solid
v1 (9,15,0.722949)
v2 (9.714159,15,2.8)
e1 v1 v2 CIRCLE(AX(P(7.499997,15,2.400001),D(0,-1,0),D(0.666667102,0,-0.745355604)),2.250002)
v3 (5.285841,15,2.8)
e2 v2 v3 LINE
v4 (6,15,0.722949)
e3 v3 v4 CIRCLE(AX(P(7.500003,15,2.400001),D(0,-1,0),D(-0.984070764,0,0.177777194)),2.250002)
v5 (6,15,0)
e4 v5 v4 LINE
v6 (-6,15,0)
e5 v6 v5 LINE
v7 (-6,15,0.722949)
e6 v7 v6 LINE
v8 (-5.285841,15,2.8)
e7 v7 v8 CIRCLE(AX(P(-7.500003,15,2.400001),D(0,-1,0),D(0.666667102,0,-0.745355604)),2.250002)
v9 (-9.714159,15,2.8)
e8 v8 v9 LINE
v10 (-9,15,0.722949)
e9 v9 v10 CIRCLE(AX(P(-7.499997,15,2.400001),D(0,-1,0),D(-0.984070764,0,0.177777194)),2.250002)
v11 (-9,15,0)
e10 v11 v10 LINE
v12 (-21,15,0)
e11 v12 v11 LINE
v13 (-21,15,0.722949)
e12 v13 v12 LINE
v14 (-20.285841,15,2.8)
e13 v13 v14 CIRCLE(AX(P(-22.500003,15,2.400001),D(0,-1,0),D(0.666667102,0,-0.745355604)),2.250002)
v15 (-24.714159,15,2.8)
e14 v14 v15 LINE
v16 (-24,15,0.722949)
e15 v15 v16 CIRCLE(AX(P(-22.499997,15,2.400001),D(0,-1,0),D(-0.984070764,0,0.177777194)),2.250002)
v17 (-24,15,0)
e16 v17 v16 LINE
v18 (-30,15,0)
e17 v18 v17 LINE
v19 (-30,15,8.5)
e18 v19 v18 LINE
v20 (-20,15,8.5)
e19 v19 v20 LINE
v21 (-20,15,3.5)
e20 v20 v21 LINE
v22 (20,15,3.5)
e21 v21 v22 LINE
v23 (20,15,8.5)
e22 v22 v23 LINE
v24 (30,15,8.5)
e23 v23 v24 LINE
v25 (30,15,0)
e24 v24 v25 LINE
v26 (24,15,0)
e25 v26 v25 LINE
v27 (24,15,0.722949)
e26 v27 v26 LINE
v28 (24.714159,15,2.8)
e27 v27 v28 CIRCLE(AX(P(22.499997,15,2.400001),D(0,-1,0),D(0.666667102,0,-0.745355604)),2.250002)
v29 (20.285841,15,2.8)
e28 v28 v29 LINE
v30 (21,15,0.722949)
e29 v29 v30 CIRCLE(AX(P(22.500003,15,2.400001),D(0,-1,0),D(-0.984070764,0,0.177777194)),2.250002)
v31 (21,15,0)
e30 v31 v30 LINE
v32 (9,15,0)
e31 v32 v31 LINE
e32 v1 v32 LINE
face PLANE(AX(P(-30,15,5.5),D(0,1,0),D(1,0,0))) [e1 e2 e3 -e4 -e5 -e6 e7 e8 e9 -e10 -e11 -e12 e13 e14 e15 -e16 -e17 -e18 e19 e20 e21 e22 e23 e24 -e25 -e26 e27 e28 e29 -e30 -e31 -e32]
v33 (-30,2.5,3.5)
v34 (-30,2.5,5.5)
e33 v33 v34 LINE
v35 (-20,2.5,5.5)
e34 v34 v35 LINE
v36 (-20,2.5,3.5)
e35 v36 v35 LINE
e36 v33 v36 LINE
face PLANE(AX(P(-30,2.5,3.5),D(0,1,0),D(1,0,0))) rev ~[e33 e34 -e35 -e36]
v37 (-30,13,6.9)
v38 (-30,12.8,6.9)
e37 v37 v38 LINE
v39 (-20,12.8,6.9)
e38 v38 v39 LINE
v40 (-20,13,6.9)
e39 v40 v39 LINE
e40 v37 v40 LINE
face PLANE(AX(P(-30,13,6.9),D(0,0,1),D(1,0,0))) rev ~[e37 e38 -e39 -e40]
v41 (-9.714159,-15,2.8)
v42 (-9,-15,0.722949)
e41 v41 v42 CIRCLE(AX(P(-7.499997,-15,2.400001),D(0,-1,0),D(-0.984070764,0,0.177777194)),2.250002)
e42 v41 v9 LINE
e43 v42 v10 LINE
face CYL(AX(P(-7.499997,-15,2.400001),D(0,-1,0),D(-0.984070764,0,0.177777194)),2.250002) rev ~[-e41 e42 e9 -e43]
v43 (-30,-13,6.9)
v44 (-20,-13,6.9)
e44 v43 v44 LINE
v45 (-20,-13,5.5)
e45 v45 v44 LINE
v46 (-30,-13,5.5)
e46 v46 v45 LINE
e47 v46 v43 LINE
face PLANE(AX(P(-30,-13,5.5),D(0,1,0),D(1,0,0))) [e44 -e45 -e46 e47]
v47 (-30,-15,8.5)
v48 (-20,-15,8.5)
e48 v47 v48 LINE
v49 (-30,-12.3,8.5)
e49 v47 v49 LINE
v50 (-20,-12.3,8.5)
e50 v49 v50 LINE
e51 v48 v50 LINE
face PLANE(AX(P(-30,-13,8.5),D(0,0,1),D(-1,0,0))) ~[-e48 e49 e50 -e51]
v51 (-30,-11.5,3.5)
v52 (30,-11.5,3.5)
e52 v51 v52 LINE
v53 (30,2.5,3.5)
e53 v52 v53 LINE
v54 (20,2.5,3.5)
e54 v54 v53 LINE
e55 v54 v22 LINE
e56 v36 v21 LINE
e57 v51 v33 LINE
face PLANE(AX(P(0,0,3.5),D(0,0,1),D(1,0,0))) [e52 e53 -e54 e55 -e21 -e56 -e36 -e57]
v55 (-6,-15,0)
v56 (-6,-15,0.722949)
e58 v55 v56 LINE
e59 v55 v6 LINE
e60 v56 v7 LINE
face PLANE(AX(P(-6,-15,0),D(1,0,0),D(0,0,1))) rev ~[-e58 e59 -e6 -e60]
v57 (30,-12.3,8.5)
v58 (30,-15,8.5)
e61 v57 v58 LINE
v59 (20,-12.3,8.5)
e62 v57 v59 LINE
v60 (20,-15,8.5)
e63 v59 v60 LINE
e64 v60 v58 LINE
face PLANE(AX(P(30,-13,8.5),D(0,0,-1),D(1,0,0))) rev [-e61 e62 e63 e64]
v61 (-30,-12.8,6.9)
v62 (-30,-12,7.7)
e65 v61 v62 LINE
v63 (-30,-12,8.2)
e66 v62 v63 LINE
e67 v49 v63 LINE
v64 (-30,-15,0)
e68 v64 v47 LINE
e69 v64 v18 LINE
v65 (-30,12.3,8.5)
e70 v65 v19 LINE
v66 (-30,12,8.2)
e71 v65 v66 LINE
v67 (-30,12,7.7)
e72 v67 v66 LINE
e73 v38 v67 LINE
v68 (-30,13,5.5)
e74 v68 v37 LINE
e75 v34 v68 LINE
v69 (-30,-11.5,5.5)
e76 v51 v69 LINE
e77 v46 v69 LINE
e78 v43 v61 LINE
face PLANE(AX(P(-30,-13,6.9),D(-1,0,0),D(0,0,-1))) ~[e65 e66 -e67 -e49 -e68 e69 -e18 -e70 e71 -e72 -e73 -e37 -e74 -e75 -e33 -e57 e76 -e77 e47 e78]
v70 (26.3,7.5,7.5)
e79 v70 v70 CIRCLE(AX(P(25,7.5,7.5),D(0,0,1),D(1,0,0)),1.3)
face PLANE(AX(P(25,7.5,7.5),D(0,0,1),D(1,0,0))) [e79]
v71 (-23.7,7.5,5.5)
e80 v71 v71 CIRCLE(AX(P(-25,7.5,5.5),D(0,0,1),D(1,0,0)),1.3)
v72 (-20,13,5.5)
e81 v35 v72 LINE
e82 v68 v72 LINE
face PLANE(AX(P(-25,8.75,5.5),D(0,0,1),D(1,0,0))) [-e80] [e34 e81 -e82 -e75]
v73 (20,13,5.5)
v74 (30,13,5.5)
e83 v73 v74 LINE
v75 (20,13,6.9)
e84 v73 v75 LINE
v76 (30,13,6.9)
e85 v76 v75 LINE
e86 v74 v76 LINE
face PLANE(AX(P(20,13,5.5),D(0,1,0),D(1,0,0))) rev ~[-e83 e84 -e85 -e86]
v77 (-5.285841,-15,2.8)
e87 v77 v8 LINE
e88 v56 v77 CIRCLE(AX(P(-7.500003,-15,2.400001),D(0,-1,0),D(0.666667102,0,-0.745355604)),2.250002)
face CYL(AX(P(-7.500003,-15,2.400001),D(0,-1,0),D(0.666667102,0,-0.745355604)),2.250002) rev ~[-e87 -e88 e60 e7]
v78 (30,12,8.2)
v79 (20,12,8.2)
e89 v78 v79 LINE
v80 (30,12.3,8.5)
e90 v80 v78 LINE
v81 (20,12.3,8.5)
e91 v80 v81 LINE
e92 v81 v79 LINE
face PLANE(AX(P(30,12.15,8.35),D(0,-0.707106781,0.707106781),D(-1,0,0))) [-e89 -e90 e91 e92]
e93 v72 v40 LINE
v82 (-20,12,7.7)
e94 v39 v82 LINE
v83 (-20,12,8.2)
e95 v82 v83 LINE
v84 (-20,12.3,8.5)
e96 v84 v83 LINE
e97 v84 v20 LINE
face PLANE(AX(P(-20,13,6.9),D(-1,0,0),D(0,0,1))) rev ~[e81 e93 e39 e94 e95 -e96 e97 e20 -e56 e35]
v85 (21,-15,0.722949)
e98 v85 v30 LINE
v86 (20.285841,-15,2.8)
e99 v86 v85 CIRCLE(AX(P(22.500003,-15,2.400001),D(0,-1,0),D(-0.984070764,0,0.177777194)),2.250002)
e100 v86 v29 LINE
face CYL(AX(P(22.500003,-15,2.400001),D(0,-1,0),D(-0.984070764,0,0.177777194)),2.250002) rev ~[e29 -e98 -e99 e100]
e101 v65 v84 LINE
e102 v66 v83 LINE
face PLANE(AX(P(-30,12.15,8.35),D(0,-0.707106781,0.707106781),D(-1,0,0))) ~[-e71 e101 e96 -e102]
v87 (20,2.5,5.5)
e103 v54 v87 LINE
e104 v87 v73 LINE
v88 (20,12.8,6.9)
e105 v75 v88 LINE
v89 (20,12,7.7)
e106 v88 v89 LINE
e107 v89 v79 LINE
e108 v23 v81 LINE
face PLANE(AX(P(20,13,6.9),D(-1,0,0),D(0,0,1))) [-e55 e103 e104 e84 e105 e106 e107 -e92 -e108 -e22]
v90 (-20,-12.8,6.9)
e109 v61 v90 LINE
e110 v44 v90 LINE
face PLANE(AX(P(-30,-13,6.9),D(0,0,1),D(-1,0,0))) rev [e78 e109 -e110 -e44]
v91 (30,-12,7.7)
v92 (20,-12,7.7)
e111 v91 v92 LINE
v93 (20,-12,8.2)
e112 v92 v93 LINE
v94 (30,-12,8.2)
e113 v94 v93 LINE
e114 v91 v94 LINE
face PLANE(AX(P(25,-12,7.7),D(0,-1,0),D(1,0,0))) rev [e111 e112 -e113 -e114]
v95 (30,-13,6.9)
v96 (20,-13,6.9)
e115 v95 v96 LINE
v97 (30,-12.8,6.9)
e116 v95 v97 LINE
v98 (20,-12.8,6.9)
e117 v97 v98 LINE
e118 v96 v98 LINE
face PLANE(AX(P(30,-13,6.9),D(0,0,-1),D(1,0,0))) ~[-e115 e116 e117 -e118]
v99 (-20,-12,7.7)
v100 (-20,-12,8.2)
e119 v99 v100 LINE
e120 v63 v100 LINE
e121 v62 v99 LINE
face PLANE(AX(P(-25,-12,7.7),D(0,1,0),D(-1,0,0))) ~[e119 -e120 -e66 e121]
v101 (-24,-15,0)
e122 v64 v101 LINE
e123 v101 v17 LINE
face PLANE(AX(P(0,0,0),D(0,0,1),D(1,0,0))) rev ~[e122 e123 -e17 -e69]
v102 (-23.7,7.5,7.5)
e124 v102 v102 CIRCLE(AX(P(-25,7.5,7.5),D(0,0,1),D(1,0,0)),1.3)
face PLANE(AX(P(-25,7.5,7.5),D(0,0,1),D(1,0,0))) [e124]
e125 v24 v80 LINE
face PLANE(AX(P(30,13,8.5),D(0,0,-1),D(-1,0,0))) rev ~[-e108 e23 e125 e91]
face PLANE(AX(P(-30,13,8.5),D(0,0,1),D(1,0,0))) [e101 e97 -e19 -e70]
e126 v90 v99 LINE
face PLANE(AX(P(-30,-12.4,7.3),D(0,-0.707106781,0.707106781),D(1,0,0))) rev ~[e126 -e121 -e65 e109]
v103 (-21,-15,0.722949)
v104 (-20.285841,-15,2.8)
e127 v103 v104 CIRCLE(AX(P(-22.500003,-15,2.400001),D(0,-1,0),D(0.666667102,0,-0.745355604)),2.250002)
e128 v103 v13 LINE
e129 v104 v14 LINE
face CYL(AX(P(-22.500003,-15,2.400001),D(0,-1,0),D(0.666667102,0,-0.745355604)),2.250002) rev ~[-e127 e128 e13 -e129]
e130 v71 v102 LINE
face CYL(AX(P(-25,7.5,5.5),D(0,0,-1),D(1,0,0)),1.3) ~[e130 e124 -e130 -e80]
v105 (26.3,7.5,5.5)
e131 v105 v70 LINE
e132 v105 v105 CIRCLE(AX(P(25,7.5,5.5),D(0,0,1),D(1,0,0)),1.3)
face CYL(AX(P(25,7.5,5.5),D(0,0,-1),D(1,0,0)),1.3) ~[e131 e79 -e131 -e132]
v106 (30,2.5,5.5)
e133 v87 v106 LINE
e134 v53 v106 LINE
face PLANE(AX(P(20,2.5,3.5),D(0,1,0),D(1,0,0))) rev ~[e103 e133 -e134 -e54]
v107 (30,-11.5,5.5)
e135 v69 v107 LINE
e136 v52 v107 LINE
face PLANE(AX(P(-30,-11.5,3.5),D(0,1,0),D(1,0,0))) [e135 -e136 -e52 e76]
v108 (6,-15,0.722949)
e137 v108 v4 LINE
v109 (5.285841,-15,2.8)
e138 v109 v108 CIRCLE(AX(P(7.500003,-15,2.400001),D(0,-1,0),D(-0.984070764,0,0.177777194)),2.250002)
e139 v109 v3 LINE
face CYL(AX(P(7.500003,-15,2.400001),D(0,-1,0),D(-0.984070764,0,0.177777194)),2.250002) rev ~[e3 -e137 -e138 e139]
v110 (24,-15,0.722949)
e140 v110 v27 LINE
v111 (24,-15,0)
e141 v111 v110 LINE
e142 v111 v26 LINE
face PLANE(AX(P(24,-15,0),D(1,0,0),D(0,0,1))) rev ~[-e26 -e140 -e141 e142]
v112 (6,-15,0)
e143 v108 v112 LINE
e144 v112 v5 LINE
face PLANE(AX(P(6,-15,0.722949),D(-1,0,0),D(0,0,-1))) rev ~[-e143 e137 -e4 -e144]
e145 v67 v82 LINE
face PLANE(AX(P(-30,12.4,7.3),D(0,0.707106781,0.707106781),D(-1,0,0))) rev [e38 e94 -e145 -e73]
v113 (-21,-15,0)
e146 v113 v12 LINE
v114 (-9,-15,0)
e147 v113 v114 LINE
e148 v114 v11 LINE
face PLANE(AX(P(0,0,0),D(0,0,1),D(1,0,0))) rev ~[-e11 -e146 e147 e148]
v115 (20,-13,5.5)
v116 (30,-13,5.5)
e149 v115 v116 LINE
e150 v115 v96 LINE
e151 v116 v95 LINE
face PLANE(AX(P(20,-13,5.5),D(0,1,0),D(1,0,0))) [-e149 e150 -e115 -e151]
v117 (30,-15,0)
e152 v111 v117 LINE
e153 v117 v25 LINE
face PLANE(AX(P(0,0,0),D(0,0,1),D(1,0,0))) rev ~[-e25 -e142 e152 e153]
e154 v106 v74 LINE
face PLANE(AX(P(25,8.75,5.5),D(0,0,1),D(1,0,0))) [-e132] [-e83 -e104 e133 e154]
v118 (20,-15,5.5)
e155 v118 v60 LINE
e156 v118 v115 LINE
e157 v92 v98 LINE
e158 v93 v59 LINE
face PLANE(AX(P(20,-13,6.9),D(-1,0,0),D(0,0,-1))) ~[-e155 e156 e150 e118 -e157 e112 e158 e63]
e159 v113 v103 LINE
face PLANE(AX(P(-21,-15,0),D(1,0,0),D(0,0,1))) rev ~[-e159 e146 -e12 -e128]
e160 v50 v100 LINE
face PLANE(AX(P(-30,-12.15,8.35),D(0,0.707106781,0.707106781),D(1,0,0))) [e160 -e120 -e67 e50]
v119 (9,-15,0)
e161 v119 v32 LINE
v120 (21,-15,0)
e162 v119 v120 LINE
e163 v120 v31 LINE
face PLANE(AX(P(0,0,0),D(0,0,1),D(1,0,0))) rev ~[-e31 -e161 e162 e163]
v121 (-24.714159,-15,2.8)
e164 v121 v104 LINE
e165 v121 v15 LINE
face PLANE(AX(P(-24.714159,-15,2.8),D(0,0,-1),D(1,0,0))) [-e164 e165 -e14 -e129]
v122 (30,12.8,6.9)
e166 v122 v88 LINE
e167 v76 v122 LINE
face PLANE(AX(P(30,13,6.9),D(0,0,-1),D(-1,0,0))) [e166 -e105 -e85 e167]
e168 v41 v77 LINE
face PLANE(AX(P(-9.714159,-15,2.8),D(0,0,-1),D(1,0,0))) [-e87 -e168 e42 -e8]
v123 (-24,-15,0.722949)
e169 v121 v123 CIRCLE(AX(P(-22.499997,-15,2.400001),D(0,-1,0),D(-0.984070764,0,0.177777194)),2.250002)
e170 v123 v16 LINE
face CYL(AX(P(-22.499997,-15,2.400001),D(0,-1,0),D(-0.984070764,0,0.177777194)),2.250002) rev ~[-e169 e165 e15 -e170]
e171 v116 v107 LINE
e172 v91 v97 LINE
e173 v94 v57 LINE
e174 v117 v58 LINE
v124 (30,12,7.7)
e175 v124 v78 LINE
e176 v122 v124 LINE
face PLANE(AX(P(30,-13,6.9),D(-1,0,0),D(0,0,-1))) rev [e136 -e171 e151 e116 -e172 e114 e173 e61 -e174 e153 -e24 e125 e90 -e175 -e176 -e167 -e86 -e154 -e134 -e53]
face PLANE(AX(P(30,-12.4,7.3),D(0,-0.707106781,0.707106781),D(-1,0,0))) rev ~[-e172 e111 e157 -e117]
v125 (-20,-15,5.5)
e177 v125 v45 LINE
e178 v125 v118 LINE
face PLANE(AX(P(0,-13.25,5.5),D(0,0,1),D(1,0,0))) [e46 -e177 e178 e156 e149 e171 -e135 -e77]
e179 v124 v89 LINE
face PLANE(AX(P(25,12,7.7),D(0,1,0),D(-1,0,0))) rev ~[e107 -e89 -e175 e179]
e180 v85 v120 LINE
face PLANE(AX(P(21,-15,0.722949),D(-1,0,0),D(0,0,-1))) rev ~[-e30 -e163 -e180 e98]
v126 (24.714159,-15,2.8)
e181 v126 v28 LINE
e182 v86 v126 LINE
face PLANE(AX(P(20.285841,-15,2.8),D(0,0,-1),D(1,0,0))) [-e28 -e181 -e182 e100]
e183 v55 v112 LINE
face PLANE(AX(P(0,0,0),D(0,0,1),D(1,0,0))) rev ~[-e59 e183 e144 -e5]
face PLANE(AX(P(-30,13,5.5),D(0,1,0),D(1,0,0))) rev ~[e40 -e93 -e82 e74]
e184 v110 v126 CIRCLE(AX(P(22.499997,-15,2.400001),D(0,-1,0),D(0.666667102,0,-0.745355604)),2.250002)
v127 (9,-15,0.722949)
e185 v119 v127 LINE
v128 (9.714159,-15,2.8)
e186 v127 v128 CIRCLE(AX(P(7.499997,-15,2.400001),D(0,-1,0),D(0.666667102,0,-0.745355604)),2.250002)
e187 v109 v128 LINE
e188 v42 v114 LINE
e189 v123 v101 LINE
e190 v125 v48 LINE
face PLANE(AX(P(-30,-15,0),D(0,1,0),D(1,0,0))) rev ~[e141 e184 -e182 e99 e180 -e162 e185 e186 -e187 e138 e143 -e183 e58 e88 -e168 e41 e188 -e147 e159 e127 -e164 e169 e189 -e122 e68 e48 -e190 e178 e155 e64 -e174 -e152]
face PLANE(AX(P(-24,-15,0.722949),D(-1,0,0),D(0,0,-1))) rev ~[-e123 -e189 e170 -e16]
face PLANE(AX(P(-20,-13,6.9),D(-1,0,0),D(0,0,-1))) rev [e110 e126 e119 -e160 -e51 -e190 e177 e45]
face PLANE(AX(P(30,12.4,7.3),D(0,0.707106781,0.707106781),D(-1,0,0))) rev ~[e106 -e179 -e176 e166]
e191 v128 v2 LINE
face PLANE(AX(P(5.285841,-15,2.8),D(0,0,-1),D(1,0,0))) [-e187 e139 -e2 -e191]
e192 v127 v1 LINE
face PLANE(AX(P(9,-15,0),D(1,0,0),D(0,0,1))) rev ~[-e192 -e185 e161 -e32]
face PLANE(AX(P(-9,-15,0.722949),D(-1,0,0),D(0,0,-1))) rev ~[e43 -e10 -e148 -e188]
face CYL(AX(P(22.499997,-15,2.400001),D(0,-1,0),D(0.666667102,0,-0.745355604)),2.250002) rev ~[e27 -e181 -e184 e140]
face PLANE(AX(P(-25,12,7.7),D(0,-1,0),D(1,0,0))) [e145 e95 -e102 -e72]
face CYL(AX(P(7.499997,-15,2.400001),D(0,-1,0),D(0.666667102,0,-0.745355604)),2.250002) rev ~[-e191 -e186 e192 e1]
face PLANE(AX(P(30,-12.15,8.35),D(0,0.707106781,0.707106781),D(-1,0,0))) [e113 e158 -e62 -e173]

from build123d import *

# Parameters (mm, degrees)
SKETCH_W                = 60
SKETCH_H                = 30
PAD_DEPTH               = 3.5
POCKET_DEPTH            = 30.001
LINEARPATTERN_COUNT     = 4
LINEARPATTERN_PITCH     = 15
SKETCH002_W             = 10
SKETCH002_H             = 12.5
SKETCH002_W_2           = 60
SKETCH002_H_2           = 3.5
PAD001_DEPTH            = 2
SKETCH003_R             = 1.3
PAD002_DEPTH            = 2
SKETCH004_W             = 10
SKETCH004_H             = 2
PAD003_DEPTH            = 3
SKETCH005_W             = 10
SKETCH005_H             = 1.6
PAD004_DEPTH            = 1
SKETCH005_MIRRORED_2_W  = 10
SKETCH005_MIRRORED_2_H  = 1.6
PAD004_MIRRORED_2_DEPTH = 1
CHAMFER_SIZE            = 0.8
CHAMFER001_SIZE         = 0.3


with BuildPart() as part:
    # Sketch → Pad (new body)
    with BuildSketch(Plane.XY):
        Rectangle(SKETCH_W, SKETCH_H)
    extrude(amount=PAD_DEPTH)

    # Sketch001 (on Face3 of Pad) → Pocket (cut, through all)
    with BuildSketch(Plane.XZ.offset(15)):
        with BuildLine():
            Line((-24, 0.722949), (-24, 0))
            Line((-24, 0), (-21, 0))
            Line((-21, 0), (-21, 0.722949))
            ThreePointArc((-21, 0.722949), (-20.37226, 1.668412), (-20.285841, 2.8))
            Line((-24.714159, 2.8), (-20.285841, 2.8))
            ThreePointArc((-24.714159, 2.8), (-24.62774, 1.668412), (-24, 0.722949))
        make_face()
    pocket = extrude(amount=-POCKET_DEPTH, mode=Mode.SUBTRACT)

    # LinearPattern: Pocket ×4
    with Locations(*[(i * LINEARPATTERN_PITCH, 0, 0) for i in range(1, LINEARPATTERN_COUNT)]):
        add(pocket, mode=Mode.SUBTRACT)

    # Sketch002 (on Face28 of LinearPattern) → Pad001 (join)
    with BuildSketch(Plane.XY.offset(3.5)):
        with Locations((-25, 8.75)):
            Rectangle(SKETCH002_W, SKETCH002_H)
        with Locations((0, -13.25)):
            Rectangle(SKETCH002_W_2, SKETCH002_H_2)
        with Locations((25, 8.75)):
            Rectangle(SKETCH002_W, SKETCH002_H)
    extrude(amount=PAD001_DEPTH)

    # Sketch003 (on Face37 of Pad001) → Pad002 (join)
    with BuildSketch(Plane.XY.offset(5.5)):
        with Locations((-25, 7.5)):
            Circle(SKETCH003_R)
        with Locations((25, 7.5)):
            Circle(SKETCH003_R)
    extrude(amount=PAD002_DEPTH)

    # Sketch004 (on Face37 of Pad002) → Pad003 (join)
    with BuildSketch(Plane.XY.offset(5.5)):
        with Locations((-25, 14)):
            Rectangle(SKETCH004_W, SKETCH004_H)
        with Locations((25, 14)):
            Rectangle(SKETCH004_W, SKETCH004_H)
        with Locations((-25, -14)):
            Rectangle(SKETCH004_W, SKETCH004_H)
        with Locations((25, -14)):
            Rectangle(SKETCH004_W, SKETCH004_H)
    extrude(amount=PAD003_DEPTH)

    # Sketch005 (on Face65 of Pad003) → Pad004 (join)
    with BuildSketch(Plane.XZ.offset(-13)):
        with Locations((-25, 7.7)):
            Rectangle(SKETCH005_W, SKETCH005_H)
    pad004 = extrude(amount=PAD004_DEPTH)

    # Sketch005 Mirrored 2 → Pad004 Mirrored 2 (add)
    with BuildSketch(Plane(origin=(0, 13, 0), x_dir=(-1, 0, 0), z_dir=(0, 1, 0))):
        with Locations((-25, 7.7)):
            Rectangle(SKETCH005_MIRRORED_2_W, SKETCH005_MIRRORED_2_H)
    pad004_mirrored_2 = extrude(amount=-PAD004_MIRRORED_2_DEPTH)

    # Mirrored001: Pad004, Pad004 Mirrored 2 across XZ
    add(pad004.mirror(Plane.XZ))
    add(pad004_mirrored_2.mirror(Plane.XZ))

    # Chamfer
    chamfer_edges = [part.edges().sort_by_distance(p)[0] for p in [
        (-25, -12, 6.9),
        (25, -12, 6.9),
        (-25, 12, 6.9),
        (25, 12, 6.9),
    ]]
    chamfer(chamfer_edges, length=CHAMFER_SIZE)

    # Chamfer001
    chamfer001_edges = [part.edges().sort_by_distance(p)[0] for p in [
        (25, 12, 8.5),
        (-25, 12, 8.5),
        (25, -12, 8.5),
        (-25, -12, 8.5),
    ]]
    chamfer(chamfer001_edges, length=CHAMFER001_SIZE)


solid = part.part
